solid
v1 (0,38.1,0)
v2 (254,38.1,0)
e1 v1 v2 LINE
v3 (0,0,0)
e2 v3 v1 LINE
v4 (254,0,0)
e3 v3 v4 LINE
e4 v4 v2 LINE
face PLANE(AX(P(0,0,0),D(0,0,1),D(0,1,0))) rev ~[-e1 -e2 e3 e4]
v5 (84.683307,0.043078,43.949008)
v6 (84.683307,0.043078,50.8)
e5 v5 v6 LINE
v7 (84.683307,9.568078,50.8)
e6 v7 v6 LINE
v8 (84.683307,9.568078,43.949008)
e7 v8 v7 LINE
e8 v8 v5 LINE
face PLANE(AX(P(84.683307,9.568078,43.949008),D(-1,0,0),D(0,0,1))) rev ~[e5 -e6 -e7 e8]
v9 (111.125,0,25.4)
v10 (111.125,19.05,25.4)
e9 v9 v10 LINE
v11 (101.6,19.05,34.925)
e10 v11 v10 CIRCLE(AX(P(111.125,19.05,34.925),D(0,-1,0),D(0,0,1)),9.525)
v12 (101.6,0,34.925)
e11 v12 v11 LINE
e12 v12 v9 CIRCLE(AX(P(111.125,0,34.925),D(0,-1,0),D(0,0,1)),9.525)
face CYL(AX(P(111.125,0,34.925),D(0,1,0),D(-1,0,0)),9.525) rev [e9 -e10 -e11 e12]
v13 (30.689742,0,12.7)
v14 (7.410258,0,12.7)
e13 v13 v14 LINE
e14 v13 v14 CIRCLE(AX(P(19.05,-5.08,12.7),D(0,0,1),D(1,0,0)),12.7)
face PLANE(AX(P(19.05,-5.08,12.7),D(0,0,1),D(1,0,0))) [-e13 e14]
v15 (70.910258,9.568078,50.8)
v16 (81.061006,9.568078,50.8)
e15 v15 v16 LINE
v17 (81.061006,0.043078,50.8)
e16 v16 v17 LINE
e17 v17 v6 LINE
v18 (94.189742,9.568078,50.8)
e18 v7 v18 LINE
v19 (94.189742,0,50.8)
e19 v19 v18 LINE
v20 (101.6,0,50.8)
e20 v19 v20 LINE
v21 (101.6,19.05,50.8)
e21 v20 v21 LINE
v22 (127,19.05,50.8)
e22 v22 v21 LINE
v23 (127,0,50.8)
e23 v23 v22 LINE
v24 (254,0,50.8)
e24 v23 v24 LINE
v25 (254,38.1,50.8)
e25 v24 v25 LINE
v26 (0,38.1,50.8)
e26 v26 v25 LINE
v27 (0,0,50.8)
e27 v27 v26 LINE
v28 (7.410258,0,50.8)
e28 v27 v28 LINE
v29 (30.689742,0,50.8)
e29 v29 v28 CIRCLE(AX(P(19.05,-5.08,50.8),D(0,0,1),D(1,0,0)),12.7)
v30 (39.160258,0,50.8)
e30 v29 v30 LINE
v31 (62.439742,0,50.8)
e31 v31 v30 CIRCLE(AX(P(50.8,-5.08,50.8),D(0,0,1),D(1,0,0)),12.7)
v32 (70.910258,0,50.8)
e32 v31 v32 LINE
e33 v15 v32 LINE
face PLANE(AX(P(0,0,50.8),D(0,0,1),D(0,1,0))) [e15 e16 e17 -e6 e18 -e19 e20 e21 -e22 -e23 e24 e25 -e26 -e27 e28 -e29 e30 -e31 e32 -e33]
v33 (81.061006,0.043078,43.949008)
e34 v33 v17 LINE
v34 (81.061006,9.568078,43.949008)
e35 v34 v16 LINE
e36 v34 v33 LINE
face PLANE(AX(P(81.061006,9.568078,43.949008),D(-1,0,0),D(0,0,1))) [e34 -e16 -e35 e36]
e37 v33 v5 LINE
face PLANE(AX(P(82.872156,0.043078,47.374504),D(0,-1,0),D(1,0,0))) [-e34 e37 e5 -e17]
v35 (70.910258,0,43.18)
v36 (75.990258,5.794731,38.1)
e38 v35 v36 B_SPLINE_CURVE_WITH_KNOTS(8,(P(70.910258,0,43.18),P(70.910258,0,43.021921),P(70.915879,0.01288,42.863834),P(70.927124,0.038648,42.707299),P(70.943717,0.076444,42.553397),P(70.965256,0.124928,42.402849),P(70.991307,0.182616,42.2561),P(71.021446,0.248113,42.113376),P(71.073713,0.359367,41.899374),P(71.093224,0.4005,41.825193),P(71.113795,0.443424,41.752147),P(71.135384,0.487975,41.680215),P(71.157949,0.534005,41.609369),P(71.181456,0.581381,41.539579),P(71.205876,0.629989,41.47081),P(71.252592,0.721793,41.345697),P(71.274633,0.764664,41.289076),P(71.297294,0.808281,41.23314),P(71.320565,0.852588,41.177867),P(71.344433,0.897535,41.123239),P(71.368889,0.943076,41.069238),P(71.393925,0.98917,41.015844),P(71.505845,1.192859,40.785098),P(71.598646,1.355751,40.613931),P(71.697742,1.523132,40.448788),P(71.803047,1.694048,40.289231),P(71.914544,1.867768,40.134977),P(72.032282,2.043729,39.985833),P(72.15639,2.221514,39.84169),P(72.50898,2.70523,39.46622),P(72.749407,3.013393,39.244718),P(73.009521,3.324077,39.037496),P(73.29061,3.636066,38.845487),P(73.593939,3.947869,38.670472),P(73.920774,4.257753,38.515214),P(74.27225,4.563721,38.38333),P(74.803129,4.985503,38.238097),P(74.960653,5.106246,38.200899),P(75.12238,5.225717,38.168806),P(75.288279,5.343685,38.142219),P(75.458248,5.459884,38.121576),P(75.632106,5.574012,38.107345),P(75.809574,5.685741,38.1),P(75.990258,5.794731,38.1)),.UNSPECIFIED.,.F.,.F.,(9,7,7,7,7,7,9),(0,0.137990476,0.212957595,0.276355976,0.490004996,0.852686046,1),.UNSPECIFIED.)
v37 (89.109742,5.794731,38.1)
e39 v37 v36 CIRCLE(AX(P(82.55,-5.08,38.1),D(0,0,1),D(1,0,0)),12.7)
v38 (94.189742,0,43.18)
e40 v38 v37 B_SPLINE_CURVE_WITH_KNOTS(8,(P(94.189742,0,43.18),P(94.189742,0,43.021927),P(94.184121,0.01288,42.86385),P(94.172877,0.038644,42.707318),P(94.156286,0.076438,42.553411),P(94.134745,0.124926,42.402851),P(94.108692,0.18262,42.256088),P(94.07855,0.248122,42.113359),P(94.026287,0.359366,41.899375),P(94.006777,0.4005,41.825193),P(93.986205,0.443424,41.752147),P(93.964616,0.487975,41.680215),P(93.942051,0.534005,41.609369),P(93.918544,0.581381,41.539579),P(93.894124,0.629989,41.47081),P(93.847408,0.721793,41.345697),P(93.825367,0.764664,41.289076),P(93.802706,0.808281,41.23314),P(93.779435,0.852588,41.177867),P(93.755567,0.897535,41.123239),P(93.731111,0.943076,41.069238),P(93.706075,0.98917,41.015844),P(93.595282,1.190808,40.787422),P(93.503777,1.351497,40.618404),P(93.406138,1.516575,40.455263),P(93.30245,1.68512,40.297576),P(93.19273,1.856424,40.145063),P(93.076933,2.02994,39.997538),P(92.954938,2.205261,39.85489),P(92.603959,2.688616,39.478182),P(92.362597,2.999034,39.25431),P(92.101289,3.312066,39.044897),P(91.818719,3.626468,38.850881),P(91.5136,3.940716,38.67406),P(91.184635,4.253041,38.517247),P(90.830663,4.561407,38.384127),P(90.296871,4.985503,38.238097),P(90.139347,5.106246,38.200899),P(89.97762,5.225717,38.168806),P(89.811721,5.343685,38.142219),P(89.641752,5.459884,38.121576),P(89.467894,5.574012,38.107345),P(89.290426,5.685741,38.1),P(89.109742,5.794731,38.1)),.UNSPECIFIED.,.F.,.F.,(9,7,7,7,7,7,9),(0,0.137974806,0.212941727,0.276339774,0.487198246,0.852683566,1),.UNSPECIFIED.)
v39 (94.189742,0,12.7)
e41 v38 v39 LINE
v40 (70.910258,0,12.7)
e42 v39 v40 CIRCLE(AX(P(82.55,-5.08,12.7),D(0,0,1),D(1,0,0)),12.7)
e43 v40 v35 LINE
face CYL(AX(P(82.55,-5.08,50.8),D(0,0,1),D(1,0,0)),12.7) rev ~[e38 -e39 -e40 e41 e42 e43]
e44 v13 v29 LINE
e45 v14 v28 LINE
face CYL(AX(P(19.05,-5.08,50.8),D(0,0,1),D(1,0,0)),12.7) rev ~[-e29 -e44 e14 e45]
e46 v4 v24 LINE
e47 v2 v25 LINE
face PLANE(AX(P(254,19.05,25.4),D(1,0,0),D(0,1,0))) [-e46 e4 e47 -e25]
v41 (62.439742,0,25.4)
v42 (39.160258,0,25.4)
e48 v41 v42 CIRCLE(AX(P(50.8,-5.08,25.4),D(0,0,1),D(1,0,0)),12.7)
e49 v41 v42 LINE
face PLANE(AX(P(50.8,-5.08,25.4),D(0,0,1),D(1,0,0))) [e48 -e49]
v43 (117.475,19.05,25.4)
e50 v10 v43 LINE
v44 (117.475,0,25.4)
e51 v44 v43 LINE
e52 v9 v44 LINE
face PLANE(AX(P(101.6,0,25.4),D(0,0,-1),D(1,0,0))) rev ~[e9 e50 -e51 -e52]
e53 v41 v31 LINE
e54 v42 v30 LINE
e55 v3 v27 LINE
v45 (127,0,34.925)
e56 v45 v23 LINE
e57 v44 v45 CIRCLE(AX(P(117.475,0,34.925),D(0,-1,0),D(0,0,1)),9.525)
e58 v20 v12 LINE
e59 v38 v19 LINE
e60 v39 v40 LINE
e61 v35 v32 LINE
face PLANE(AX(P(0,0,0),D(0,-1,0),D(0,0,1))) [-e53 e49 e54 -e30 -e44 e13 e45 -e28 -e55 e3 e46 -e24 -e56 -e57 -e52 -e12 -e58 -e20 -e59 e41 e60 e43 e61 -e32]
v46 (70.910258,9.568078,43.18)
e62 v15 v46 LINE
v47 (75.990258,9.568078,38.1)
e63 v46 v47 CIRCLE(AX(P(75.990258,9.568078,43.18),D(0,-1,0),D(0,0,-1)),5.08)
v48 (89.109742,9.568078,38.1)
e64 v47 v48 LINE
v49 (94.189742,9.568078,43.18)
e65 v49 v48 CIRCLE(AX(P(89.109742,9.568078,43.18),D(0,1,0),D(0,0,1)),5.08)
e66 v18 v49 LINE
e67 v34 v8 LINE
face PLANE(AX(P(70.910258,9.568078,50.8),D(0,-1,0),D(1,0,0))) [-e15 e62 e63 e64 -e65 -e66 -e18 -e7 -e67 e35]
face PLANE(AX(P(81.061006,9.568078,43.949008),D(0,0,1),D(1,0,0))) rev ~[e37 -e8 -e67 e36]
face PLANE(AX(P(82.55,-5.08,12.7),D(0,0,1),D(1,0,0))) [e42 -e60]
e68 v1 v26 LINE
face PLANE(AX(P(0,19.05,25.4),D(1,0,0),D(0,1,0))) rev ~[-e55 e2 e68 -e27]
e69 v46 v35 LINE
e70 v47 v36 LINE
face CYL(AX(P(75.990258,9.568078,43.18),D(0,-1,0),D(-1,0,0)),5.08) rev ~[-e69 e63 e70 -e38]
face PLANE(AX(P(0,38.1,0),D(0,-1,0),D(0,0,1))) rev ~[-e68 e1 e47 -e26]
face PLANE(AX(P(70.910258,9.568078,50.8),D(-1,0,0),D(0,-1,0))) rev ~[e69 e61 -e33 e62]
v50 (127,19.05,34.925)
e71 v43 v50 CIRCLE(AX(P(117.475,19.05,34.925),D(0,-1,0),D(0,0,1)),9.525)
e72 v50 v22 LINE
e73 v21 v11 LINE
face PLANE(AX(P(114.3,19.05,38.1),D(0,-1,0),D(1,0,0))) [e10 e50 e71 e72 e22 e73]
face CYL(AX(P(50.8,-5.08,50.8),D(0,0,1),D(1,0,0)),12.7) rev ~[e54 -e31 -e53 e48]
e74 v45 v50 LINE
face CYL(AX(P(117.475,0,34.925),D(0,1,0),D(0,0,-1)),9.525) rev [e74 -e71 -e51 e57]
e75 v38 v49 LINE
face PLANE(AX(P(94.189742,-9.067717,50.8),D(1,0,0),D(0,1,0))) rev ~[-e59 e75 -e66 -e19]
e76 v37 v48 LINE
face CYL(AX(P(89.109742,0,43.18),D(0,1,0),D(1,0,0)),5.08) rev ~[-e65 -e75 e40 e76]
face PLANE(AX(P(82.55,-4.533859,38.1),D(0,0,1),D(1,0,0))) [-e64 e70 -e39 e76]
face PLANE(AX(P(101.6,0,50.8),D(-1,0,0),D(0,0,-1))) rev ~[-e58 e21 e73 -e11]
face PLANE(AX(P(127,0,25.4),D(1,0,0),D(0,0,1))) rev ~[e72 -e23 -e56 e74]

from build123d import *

# Parameters (mm, degrees)
F0_W      = 38.1
F0_H      = 50.8
F1_DEPTH  = 254
F3_DEPTH  = 38.1
F5_DEPTH  = 25.4
F7_DEPTH  = 38.1
F8_W      = 23.2794845304
F8_H      = 9.0677170083
F8_H_2    = 9.5680775121
F9_DEPTH  = 12.7
F10_R     = 5.08
F11_W     = 3.6223009229
F11_H     = 6.850992012
F12_DEPTH = 9.525
F14_DEPTH = 19.05
F15_R     = 9.525


with BuildPart() as f1:
    # F0 (on Right) → F1 (new body)
    with BuildSketch(Plane.YZ):
        with Locations((19.05, 25.4)):
            Rectangle(F0_W, F0_H)
    extrude(amount=F1_DEPTH)

    # F2 (on face) → F3 (cut)
    with BuildSketch(Plane.XY.offset(50.8)):
        with BuildLine():
            ThreePointArc((6.35, -5.08), (19.05, -17.78), (31.75, -5.08))
            ThreePointArc((31.75, -5.08), (19.05, 7.62), (6.35, -5.08))
        make_face()
    extrude(amount=-F3_DEPTH, mode=Mode.SUBTRACT)

    # F4 (on face) → F5 (cut)
    with BuildSketch(Plane.XY.offset(50.8)):
        with BuildLine():
            ThreePointArc((38.1, -5.08), (50.8, -17.78), (63.5, -5.08))
            ThreePointArc((63.5, -5.08), (50.8, 7.62), (38.1, -5.08))
        make_face()
    extrude(amount=-F5_DEPTH, mode=Mode.SUBTRACT)

    # F6 (on face) → F7 (cut)
    with BuildSketch(Plane.XY.offset(50.8)):
        with BuildLine():
            ThreePointArc((69.85, -5.08), (82.55, -17.78), (95.25, -5.08))
            ThreePointArc((95.25, -5.08), (82.55, 7.62), (69.85, -5.08))
        make_face()
    extrude(amount=-F7_DEPTH, mode=Mode.SUBTRACT)

    # F8 (on face) → F9 (cut)
    with BuildSketch(Plane.XY.offset(50.8)):
        with Locations((82.55, -4.5338585041)):
            Rectangle(F8_W, F8_H)
        with Locations((82.55, 4.784038756)):
            Rectangle(F8_W, F8_H_2)
    extrude(amount=-F9_DEPTH, mode=Mode.SUBTRACT)

    # F10
    f10_edges = [f1.edges().sort_by_distance(p)[0] for p in [
        (70.910258, 4.784039, 38.1),
        (94.189742, 4.784039, 38.1),
    ]]
    fillet(f10_edges, radius=F10_R)

    # F11 (on face) → F12 (join)
    with BuildSketch(Plane.XZ.offset(-9.5680775121)):
        with Locations((82.8721560538, 47.374503994)):
            Rectangle(F11_W, F11_H)
    extrude(amount=F12_DEPTH)

    # F13 (on face) → F14 (cut)
    with BuildSketch(Plane.XZ):
        Polygon((101.6, 50.8), (101.6, 38.1), (101.6, 25.4), (127, 25.4), (127, 50.8), align=None)
    extrude(amount=-F14_DEPTH, mode=Mode.SUBTRACT)

    # F15
    f15_edges = [f1.edges().sort_by_distance(p)[0] for p in [
        (101.6, 9.525, 25.4),
        (127, 9.525, 25.4),
    ]]
    fillet(f15_edges, radius=F15_R)


solid = f1.part
